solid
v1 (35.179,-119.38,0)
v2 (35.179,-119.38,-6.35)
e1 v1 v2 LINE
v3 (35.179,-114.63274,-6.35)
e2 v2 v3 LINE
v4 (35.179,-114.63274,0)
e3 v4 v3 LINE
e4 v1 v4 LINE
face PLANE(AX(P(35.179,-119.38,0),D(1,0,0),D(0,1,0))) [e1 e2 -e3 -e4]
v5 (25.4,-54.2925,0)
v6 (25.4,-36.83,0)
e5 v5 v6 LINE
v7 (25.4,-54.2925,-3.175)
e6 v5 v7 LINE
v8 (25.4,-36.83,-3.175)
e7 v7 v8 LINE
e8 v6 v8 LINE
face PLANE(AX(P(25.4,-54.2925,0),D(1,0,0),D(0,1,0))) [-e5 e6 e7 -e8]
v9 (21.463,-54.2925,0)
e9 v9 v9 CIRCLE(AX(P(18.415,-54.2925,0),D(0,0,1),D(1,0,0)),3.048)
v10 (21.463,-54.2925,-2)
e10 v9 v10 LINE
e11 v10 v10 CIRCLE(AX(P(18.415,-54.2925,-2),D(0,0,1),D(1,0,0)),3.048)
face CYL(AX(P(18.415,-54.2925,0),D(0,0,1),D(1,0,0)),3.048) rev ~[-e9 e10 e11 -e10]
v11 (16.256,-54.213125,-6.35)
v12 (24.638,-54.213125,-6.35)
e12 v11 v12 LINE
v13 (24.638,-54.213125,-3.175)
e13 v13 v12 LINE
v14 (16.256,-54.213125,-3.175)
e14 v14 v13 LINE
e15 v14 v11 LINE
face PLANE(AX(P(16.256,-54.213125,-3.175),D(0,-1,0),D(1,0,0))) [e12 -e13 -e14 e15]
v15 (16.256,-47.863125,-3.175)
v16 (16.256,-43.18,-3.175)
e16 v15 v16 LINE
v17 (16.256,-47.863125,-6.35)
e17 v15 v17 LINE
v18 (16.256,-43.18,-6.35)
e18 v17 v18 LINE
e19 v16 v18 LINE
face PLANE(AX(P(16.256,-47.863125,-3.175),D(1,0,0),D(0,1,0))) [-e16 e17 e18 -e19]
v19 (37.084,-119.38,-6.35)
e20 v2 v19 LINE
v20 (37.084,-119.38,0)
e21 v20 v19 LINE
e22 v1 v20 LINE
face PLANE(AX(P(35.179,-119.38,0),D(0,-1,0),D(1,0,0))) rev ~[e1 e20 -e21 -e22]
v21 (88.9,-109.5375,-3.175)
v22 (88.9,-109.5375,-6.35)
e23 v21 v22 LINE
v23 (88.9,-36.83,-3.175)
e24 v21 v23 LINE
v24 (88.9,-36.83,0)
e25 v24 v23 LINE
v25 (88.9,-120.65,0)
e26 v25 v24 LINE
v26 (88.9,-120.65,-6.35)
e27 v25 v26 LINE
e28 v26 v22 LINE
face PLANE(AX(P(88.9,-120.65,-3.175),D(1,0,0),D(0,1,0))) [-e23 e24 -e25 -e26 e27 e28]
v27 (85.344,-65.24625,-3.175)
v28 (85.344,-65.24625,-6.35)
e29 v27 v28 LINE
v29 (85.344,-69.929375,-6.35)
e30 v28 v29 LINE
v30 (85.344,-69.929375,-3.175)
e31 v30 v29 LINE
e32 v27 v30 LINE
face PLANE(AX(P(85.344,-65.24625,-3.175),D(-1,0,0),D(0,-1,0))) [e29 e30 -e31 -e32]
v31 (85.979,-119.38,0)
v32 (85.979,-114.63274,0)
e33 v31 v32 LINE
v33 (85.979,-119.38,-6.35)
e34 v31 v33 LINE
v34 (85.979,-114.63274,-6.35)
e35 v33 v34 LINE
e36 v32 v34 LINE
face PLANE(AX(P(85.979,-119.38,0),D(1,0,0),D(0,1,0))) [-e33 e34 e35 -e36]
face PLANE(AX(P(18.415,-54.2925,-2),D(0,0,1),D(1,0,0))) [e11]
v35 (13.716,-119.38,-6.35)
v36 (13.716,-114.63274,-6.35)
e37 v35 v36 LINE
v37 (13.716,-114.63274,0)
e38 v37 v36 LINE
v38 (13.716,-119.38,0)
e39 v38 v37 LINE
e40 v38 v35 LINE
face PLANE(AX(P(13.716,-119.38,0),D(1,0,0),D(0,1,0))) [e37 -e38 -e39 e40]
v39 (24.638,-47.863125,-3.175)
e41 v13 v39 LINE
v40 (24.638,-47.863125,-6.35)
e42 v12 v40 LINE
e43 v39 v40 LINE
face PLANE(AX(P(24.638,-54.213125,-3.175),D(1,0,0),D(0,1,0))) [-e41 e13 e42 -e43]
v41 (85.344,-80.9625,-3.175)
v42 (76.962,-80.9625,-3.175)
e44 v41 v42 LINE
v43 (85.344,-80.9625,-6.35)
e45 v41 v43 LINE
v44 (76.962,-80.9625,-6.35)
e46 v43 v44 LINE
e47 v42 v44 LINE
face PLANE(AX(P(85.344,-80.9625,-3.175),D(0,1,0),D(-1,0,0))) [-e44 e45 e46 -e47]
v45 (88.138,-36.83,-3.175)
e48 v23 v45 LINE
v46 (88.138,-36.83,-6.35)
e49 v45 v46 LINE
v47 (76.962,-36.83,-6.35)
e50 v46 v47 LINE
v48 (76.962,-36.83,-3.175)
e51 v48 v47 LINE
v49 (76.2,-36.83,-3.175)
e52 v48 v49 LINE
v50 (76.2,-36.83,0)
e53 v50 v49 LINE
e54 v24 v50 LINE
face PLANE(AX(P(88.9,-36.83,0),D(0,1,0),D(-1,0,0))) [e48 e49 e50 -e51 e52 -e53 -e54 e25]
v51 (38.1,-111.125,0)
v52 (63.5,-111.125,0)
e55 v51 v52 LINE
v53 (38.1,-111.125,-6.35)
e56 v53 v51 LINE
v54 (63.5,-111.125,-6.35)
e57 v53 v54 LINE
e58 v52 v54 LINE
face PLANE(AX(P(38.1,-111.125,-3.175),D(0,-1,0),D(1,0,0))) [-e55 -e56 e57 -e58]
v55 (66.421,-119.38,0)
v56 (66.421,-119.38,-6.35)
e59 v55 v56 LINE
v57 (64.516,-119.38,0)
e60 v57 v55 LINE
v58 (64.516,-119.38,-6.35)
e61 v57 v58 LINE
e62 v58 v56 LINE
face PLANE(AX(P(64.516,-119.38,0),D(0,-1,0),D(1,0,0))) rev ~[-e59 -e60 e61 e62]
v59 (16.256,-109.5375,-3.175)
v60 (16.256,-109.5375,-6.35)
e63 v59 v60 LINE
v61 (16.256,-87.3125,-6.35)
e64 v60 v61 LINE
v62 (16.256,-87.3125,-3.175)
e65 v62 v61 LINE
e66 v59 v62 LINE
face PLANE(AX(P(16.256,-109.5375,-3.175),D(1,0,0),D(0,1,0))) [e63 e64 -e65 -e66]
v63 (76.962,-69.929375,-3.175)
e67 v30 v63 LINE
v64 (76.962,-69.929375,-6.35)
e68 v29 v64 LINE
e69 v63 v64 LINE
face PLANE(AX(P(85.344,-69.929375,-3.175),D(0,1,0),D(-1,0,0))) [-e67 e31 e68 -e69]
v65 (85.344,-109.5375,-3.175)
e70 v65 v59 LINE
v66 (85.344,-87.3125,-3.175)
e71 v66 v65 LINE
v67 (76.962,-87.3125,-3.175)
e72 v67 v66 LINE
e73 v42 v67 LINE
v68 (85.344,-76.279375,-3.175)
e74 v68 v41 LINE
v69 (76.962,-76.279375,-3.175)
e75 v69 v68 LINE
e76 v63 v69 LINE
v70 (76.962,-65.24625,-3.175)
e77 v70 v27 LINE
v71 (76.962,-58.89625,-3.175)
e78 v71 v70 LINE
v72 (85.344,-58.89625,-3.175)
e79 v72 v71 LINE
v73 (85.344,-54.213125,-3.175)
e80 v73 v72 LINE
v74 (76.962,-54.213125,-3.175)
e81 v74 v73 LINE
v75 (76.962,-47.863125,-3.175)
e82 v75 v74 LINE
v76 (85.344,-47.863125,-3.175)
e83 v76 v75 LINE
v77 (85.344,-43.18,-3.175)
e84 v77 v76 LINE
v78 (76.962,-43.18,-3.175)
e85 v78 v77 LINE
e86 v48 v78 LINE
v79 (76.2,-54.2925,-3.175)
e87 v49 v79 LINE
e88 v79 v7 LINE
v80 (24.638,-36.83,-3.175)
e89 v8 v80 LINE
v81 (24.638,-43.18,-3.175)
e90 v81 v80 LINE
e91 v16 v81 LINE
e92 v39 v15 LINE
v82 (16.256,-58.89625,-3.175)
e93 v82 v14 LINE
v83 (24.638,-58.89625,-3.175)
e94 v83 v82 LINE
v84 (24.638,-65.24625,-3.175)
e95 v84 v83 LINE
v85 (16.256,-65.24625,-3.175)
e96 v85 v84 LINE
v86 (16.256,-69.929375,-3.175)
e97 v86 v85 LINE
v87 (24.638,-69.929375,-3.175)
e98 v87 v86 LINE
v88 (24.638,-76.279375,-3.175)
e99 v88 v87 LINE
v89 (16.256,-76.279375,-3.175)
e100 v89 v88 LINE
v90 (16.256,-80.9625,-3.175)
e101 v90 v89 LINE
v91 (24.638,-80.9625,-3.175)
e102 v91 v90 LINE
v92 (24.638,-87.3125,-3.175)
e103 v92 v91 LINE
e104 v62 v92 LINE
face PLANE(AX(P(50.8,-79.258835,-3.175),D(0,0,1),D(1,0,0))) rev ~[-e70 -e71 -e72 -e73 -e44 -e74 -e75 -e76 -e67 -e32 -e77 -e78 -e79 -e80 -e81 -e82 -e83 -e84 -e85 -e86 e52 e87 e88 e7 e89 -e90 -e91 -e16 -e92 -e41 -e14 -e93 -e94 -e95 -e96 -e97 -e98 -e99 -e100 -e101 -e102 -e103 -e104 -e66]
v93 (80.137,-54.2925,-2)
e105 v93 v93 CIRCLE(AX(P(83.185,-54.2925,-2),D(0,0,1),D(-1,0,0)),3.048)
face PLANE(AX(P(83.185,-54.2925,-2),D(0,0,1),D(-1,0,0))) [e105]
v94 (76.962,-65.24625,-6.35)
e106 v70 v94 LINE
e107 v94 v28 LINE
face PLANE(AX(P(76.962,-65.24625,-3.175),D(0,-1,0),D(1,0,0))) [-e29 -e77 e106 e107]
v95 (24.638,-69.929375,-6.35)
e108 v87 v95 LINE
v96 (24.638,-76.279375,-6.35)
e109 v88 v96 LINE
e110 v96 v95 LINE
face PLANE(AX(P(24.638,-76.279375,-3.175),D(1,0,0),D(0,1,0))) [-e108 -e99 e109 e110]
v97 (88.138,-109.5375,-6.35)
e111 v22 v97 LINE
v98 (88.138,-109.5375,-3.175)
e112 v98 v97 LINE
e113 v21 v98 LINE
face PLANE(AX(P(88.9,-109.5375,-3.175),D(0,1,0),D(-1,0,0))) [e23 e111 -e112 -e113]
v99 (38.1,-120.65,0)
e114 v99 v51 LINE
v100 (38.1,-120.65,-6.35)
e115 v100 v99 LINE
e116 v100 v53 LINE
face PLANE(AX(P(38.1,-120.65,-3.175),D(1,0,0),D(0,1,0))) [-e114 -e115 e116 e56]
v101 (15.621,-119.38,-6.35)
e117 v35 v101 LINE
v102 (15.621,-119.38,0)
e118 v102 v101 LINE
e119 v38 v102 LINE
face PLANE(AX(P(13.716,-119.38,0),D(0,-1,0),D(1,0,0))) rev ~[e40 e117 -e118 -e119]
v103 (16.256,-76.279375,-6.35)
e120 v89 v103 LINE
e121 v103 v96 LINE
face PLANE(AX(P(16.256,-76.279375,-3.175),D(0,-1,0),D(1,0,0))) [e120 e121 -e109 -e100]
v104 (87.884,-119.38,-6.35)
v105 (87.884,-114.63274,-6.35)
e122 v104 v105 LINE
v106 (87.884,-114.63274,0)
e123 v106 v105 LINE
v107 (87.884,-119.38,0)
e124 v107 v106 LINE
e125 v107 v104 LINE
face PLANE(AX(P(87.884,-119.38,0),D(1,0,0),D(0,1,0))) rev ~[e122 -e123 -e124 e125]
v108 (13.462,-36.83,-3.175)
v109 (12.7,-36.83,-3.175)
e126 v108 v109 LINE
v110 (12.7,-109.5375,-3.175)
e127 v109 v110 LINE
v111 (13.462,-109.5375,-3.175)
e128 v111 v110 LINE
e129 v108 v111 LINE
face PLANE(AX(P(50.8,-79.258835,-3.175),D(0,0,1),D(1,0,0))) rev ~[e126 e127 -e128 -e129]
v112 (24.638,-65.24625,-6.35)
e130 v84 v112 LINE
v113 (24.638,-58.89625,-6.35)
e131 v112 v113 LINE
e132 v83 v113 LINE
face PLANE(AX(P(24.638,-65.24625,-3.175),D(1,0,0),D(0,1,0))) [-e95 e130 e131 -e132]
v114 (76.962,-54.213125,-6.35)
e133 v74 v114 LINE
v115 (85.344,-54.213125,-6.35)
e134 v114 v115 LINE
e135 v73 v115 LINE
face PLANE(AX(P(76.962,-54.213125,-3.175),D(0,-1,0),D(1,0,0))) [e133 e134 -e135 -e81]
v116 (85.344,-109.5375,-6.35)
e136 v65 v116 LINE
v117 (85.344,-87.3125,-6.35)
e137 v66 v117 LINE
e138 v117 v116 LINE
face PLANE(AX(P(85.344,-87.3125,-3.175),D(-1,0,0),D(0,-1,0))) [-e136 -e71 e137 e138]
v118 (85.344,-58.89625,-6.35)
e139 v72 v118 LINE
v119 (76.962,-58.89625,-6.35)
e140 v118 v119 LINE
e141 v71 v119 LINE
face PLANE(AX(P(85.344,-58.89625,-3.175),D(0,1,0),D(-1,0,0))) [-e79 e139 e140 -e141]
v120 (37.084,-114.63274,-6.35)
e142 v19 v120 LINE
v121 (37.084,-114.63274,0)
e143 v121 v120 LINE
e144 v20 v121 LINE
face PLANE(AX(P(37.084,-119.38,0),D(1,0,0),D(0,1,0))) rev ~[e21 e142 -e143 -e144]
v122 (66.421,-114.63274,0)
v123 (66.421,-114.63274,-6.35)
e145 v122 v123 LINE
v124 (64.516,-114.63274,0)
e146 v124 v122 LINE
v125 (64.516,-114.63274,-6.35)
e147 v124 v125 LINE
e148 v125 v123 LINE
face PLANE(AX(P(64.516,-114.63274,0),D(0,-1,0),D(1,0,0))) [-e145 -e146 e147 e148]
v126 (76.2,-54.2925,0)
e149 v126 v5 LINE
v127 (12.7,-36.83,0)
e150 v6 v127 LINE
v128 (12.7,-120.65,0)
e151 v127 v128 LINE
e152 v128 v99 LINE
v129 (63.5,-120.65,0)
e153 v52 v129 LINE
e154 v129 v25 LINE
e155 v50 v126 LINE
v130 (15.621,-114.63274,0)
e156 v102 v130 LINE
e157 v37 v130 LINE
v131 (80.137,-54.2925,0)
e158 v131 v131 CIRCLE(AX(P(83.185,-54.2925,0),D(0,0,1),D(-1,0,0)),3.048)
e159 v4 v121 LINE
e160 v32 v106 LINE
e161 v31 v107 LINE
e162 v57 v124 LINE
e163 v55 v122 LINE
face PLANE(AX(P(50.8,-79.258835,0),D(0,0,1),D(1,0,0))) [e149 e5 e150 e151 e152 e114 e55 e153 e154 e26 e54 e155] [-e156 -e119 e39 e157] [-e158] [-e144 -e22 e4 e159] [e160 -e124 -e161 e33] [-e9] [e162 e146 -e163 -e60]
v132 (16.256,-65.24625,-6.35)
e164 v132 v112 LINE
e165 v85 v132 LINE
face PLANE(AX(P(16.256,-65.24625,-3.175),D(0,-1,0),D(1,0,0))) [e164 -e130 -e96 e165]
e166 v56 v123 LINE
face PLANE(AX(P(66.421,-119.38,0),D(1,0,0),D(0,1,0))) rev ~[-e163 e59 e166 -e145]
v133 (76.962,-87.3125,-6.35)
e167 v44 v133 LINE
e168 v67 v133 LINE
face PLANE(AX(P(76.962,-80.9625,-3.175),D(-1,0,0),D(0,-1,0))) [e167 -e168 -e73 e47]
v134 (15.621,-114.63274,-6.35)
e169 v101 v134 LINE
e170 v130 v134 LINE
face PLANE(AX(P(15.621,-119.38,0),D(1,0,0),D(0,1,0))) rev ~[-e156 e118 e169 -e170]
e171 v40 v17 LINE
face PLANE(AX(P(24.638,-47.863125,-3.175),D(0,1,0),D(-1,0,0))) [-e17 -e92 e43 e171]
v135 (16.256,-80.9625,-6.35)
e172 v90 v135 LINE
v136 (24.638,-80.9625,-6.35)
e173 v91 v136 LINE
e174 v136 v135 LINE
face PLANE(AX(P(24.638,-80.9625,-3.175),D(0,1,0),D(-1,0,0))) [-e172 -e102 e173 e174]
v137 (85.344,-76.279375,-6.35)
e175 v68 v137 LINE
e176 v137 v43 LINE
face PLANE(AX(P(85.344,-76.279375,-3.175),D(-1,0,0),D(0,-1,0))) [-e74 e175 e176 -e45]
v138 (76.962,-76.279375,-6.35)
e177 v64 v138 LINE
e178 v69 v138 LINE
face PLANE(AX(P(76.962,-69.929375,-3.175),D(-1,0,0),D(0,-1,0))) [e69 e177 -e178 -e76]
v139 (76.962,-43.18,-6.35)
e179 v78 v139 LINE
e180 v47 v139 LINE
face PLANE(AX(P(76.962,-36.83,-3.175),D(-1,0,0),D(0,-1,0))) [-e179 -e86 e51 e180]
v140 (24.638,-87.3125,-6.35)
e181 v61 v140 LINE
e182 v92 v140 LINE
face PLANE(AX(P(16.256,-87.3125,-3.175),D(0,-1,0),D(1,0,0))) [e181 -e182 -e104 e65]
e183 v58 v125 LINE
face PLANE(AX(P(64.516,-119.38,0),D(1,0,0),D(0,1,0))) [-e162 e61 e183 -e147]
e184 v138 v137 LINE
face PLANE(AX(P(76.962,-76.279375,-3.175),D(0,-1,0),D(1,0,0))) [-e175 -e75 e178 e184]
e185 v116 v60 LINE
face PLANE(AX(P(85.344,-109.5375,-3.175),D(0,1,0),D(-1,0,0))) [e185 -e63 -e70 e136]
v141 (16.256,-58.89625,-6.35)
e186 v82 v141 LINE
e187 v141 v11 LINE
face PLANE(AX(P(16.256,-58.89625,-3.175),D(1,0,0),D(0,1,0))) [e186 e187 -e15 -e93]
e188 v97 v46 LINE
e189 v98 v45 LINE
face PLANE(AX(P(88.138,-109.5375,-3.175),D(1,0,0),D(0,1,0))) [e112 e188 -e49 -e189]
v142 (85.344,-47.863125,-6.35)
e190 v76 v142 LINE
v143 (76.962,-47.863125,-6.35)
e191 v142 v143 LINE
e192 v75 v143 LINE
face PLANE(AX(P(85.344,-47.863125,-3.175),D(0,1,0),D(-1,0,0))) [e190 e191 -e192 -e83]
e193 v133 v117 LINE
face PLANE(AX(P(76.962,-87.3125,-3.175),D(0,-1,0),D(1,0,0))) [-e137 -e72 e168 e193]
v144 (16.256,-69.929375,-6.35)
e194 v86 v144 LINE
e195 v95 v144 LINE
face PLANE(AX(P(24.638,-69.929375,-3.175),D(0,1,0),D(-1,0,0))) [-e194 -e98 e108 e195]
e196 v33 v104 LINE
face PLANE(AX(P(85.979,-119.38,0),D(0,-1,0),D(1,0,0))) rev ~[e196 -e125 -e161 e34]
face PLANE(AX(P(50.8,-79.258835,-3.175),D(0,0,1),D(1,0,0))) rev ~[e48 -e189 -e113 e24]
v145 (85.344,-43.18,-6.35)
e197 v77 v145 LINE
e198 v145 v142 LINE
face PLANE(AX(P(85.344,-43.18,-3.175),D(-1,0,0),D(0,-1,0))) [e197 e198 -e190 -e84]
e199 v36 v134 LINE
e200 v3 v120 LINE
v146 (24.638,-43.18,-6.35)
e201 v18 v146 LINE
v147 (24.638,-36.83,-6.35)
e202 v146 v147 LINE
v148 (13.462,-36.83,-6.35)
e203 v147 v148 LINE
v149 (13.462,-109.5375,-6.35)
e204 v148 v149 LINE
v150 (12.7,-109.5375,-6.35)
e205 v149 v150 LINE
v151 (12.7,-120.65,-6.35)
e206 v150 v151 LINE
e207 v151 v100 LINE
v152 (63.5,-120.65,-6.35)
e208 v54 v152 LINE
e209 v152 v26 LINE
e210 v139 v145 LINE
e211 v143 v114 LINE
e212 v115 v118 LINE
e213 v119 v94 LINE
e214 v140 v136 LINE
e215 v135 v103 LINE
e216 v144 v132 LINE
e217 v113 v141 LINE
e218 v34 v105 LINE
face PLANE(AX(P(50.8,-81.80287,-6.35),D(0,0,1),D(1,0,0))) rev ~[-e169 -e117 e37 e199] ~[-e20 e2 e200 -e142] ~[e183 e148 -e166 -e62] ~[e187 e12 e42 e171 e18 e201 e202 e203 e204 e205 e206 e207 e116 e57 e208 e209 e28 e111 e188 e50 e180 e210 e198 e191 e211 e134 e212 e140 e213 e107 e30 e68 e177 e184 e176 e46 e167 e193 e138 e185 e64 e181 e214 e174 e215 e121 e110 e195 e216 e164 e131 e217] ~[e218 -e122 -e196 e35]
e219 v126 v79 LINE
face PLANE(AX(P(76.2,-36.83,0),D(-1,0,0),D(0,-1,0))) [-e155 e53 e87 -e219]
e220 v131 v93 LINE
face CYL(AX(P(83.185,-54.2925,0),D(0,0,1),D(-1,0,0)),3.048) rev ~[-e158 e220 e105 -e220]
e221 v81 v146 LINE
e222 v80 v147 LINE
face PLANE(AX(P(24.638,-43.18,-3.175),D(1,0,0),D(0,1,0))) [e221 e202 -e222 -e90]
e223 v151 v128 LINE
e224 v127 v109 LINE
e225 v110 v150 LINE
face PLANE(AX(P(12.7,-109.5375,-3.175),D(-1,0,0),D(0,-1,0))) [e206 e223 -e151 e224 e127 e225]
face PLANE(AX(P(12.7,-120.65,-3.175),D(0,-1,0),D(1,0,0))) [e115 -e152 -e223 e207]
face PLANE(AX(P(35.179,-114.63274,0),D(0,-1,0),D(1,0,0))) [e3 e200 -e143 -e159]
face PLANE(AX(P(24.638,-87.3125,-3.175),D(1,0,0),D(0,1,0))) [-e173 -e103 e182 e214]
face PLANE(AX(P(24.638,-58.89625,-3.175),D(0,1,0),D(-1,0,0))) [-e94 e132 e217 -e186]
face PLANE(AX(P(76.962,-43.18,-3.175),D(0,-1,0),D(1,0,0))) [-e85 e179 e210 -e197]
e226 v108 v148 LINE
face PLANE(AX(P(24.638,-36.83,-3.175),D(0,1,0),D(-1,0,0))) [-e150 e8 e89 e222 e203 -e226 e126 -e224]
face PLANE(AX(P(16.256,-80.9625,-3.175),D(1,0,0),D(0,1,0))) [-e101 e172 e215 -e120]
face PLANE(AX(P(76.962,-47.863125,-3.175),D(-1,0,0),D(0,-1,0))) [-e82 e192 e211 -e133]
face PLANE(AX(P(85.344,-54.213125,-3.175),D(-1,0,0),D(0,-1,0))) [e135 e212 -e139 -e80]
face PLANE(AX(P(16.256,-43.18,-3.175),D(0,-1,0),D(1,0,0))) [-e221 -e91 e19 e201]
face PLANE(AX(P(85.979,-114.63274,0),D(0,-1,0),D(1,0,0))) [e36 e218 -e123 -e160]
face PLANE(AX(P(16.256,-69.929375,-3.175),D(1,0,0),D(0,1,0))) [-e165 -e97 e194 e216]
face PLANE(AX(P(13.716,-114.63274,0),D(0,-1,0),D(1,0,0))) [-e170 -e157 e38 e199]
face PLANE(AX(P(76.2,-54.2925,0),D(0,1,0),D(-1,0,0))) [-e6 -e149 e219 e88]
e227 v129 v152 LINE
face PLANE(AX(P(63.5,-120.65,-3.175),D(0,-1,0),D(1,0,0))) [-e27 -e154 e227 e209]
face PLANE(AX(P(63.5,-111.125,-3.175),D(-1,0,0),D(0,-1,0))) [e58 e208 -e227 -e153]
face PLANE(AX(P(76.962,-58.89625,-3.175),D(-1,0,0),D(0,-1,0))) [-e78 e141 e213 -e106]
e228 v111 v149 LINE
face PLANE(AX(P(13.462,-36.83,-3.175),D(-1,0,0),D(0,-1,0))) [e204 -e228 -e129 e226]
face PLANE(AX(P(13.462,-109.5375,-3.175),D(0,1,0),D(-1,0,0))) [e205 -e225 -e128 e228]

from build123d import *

# Parameters (mm, degrees)
BASE_DEPTH              = 3.175
SECOND_LAYER_DEPTH      = 3.175
SKETCH6_R               = 3.048
MAGNET_HOLDER_DEPTH     = 2
SKETCH7_W               = 1.905
SKETCH7_H               = 4.74726
SMALL_MAGNETS_CUT_DEPTH = 6.35


with BuildPart() as part:
    # Sketch1 → base (new body)
    with BuildSketch(Plane.XY):
        Polygon((88.9, -120.65), (88.9, -36.83), (76.2, -36.83), (76.2, -54.2925), (25.4, -54.2925), (25.4, -36.83), (12.7, -36.83), (12.7, -120.65), (38.1, -120.65), (38.1, -111.125), (63.5, -111.125), (63.5, -120.65), align=None)
    extrude(amount=-BASE_DEPTH)

    # Sketch2 → second layer (add)
    with BuildSketch(Plane(origin=(0, 0, -3.175), x_dir=(-1, 0, 0), z_dir=(0, 0, -1))):
        Polygon((-88.9, -120.65), (-88.9, -109.5375), (-88.138, -109.5375), (-88.138, -36.83), (-76.962, -36.83), (-76.962, -43.18), (-85.344, -43.18), (-85.344, -47.863125), (-76.962, -47.863125), (-76.962, -54.213125), (-85.344, -54.213125), (-85.344, -58.89625), (-76.962, -58.89625), (-76.962, -65.24625), (-85.344, -65.24625), (-85.344, -69.929375), (-76.962, -69.929375), (-76.962, -76.279375), (-85.344, -76.279375), (-85.344, -80.9625), (-76.962, -80.9625), (-76.962, -87.3125), (-85.344, -87.3125), (-85.344, -109.5375), (-16.256, -109.5375), (-16.256, -87.3125), (-24.638, -87.3125), (-24.638, -80.9625), (-16.256, -80.9625), (-16.256, -76.279375), (-24.638, -76.279375), (-24.638, -69.929375), (-16.256, -69.929375), (-16.256, -65.24625), (-24.638, -65.24625), (-24.638, -58.89625), (-16.256, -58.89625), (-16.256, -54.213125), (-24.638, -54.213125), (-24.638, -47.863125), (-16.256, -47.863125), (-16.256, -43.18), (-24.638, -43.18), (-24.638, -36.83), (-13.462, -36.83), (-13.462, -109.5375), (-12.7, -109.5375), (-12.7, -120.65), (-38.1, -120.65), (-38.1, -111.125), (-63.5, -111.125), (-63.5, -120.65), align=None)
    extrude(amount=SECOND_LAYER_DEPTH)

    # Sketch6 → magnet holder (cut)
    with BuildSketch(Plane.XY):
        with Locations((18.415, -54.2925)):
            Circle(SKETCH6_R)
        with Locations(Location((83.185, -54.2925, 0), (0, 0, 180))):  # turned: the seam where the file's is
            Circle(SKETCH6_R)
    extrude(amount=-MAGNET_HOLDER_DEPTH, mode=Mode.SUBTRACT)

    # Sketch7 → small magnets cut (cut)
    with BuildSketch(Plane.XY):
        with Locations((14.6685, -117.00637)):
            Rectangle(SKETCH7_W, SKETCH7_H)
        with Locations((36.1315, -117.00637)):
            Rectangle(SKETCH7_W, SKETCH7_H)
        with Locations((65.4685, -117.00637)):
            Rectangle(SKETCH7_W, SKETCH7_H)
        with Locations((86.9315, -117.00637)):
            Rectangle(SKETCH7_W, SKETCH7_H)
    extrude(amount=-SMALL_MAGNETS_CUT_DEPTH, mode=Mode.SUBTRACT)


solid = part.part
